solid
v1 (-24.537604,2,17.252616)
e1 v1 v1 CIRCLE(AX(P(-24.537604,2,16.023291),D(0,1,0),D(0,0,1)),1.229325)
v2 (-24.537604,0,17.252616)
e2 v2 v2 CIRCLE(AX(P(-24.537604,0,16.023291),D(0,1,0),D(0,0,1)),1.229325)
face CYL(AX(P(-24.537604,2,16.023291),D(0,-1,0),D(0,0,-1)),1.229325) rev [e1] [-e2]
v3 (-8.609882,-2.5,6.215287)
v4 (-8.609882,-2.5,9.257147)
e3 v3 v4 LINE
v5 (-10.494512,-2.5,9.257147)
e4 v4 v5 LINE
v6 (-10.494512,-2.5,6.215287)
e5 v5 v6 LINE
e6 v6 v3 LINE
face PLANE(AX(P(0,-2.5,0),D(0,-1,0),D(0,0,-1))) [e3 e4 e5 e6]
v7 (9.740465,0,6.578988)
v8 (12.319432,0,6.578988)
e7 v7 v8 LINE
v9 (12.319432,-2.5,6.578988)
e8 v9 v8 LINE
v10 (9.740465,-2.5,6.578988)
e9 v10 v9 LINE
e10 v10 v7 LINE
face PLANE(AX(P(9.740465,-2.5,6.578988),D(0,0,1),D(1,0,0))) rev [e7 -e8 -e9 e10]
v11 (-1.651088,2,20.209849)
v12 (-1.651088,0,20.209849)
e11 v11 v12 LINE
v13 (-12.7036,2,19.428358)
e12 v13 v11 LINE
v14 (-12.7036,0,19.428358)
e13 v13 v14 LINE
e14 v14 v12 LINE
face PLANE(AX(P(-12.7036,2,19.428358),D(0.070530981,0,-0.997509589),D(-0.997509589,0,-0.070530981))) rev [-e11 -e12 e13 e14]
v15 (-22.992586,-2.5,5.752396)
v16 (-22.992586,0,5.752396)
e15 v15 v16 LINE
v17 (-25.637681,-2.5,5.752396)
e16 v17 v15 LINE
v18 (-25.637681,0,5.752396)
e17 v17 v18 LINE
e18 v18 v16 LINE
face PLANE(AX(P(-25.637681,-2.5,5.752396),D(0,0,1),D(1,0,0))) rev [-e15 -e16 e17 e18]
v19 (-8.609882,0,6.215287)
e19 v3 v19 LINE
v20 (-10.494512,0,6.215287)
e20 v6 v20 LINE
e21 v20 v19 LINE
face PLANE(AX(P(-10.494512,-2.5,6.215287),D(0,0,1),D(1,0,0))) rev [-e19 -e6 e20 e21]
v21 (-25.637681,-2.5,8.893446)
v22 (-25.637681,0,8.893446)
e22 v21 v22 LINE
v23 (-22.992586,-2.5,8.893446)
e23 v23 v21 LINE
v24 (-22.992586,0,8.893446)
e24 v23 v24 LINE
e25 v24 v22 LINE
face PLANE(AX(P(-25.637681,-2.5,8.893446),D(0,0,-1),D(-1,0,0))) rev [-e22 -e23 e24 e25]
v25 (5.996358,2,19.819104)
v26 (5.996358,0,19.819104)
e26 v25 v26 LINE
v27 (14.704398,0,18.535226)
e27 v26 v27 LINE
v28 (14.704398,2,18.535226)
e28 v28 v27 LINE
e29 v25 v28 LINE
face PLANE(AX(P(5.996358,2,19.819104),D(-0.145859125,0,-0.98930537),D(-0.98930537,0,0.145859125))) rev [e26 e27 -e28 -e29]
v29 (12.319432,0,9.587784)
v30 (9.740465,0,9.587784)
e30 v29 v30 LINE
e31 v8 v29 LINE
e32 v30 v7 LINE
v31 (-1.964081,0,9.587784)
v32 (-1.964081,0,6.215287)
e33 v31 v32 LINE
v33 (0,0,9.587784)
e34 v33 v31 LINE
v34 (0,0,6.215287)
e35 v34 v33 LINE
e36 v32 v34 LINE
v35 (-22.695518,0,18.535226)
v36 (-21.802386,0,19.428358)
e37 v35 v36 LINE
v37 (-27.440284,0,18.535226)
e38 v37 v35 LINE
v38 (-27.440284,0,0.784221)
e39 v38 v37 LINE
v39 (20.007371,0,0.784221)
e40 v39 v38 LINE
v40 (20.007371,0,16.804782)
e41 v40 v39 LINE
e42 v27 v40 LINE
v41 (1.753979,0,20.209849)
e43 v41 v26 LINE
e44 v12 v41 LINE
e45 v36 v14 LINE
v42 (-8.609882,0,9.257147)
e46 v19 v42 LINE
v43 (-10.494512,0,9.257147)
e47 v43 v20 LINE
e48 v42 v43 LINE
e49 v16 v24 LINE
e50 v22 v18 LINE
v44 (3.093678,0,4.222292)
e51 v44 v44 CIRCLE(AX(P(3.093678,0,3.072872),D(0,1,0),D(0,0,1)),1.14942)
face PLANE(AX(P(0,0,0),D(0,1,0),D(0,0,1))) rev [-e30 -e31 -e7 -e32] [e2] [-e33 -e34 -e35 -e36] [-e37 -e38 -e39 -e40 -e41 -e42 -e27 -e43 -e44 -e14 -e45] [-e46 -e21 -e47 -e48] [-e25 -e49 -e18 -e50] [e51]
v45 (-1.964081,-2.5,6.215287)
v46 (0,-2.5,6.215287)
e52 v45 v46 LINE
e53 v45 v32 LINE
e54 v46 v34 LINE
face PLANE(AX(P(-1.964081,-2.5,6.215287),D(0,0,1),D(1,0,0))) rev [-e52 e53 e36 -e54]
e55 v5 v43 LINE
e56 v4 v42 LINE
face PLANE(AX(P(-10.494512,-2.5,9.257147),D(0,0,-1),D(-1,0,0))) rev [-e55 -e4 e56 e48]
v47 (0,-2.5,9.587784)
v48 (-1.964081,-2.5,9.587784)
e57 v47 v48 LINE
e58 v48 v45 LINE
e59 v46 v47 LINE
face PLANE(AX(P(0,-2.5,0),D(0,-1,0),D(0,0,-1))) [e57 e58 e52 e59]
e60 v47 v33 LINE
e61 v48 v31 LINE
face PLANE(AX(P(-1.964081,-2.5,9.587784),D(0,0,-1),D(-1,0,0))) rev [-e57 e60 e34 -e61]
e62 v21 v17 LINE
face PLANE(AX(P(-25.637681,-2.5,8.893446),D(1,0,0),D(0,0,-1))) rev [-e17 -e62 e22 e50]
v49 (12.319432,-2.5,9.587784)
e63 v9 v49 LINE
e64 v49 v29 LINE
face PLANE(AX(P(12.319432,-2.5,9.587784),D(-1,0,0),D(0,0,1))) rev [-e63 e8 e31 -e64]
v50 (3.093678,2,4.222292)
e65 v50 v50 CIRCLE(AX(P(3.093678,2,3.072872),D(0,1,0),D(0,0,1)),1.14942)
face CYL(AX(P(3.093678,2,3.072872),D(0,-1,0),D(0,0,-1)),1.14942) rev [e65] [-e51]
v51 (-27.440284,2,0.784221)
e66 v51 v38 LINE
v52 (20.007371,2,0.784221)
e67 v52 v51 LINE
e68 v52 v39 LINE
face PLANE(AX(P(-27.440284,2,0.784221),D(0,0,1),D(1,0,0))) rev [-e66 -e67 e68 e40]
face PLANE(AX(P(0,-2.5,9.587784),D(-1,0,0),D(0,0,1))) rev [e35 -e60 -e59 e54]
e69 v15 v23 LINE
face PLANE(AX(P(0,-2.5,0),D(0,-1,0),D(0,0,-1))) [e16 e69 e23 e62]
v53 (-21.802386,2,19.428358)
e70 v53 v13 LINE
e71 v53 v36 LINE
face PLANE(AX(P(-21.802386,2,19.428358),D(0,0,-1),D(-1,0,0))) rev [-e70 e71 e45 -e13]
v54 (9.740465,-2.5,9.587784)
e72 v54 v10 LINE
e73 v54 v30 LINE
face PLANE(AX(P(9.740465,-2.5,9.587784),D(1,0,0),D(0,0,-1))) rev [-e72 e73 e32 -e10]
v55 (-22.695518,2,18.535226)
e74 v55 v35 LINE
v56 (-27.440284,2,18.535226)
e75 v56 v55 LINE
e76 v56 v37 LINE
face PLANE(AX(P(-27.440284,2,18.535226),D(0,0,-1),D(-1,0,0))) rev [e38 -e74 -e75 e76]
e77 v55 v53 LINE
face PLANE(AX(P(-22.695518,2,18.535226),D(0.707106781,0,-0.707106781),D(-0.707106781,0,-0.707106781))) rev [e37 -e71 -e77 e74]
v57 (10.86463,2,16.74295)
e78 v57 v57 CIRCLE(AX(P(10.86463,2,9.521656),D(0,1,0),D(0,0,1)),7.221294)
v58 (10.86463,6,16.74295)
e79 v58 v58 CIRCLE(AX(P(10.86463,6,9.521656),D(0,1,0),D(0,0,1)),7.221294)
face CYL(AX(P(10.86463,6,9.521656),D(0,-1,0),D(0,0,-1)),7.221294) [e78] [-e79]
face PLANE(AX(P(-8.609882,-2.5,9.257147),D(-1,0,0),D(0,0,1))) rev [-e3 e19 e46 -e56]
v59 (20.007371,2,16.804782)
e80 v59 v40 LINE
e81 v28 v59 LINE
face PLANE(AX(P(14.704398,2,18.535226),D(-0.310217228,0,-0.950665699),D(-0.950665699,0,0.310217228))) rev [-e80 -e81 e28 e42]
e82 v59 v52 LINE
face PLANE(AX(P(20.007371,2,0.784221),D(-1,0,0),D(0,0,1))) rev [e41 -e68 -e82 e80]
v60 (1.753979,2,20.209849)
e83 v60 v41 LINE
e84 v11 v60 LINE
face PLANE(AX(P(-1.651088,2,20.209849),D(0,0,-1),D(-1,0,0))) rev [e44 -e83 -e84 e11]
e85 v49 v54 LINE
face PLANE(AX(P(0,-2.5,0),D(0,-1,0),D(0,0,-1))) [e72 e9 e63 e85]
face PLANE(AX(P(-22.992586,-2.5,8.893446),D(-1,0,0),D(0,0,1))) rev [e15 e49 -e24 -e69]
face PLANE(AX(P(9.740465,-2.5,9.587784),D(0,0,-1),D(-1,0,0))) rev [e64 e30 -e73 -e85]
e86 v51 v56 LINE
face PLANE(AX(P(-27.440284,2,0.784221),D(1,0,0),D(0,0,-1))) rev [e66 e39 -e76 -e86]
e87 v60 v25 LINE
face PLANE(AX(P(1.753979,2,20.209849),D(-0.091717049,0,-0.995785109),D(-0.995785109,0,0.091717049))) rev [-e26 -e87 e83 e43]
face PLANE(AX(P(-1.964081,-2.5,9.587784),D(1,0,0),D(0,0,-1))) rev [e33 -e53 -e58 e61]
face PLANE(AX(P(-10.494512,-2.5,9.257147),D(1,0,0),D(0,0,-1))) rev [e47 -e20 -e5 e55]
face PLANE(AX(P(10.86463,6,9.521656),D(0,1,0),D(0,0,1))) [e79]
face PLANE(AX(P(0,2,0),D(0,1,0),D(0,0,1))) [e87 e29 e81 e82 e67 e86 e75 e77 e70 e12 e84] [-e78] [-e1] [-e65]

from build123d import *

# Parameters (mm, degrees)
SKETCH_1_R      = 1.229324964
SKETCH_1_R_2    = 1.149420027
EXTRUDE_1_DEPTH = 2
SKETCH_2_R      = 7.221294113
EXTRUDE_2_DEPTH = 4
SKETCH_3_W      = 2.645095026
SKETCH_3_H      = 3.141050342
SKETCH_3_W_2    = 1.884630206
SKETCH_3_H_2    = 3.041859279
SKETCH_3_W_3    = 1.96408086
SKETCH_3_H_3    = 3.372496157
SKETCH_3_W_4    = 2.57896765
SKETCH_3_H_4    = 3.008795591
EXTRUDE_3_DEPTH = 2.5


with BuildPart() as part:
    # 草图1 → 凸台-拉伸1 (new body)
    with BuildSketch(Plane(origin=(0, 0, 0), x_dir=(1, 0, 0), z_dir=(0, 1, 0))):
        Polygon((-27.440284042, -0.784220791), (20.007371412, -0.784220791), (20.007371412, -16.804782103), (14.704398156, -18.535226008), (5.996357861, -19.819103743), (1.753979255, -20.209849141), (-1.651087783, -20.209849141), (-12.703600465, -19.428358346), (-21.802386158, -19.428358346), (-22.695518496, -18.535226008), (-27.440284042, -18.535226008), align=None)
        with Locations(Location((-24.537603943, -16.023291307, 0), (0, 0, 270))):
            Circle(SKETCH_1_R, mode=Mode.SUBTRACT)
        with Locations(Location((3.093677762, -3.072872407, 0), (0, 0, 270))):
            Circle(SKETCH_1_R_2, mode=Mode.SUBTRACT)
    extrude(amount=EXTRUDE_1_DEPTH)

    # 草图2 → 凸台-拉伸2 (add)
    with BuildSketch(Plane(origin=(0, 2, 0), x_dir=(1, 0, 0), z_dir=(0, 1, 0))):
        with Locations(Location((10.864630012, -9.521656176, 0), (0, 0, 270))):
            Circle(SKETCH_2_R)
    extrude(amount=EXTRUDE_2_DEPTH)

    # 草图3 → 凸台-拉伸3 (add)
    with BuildSketch(Plane(origin=(0, 0, 0), x_dir=(-1, 0, 0), z_dir=(0, -1, 0))):
        with Locations((24.315133823, -7.322920936)):
            Rectangle(SKETCH_3_W, SKETCH_3_H)
        with Locations((9.552197214, -7.736217034)):
            Rectangle(SKETCH_3_W_2, SKETCH_3_H_2)
        with Locations((0.98204043, -7.901535473)):
            Rectangle(SKETCH_3_W_3, SKETCH_3_H_3)
        with Locations((-11.029948451, -8.083385756)):
            Rectangle(SKETCH_3_W_4, SKETCH_3_H_4)
    extrude(amount=EXTRUDE_3_DEPTH)


solid = part.part
